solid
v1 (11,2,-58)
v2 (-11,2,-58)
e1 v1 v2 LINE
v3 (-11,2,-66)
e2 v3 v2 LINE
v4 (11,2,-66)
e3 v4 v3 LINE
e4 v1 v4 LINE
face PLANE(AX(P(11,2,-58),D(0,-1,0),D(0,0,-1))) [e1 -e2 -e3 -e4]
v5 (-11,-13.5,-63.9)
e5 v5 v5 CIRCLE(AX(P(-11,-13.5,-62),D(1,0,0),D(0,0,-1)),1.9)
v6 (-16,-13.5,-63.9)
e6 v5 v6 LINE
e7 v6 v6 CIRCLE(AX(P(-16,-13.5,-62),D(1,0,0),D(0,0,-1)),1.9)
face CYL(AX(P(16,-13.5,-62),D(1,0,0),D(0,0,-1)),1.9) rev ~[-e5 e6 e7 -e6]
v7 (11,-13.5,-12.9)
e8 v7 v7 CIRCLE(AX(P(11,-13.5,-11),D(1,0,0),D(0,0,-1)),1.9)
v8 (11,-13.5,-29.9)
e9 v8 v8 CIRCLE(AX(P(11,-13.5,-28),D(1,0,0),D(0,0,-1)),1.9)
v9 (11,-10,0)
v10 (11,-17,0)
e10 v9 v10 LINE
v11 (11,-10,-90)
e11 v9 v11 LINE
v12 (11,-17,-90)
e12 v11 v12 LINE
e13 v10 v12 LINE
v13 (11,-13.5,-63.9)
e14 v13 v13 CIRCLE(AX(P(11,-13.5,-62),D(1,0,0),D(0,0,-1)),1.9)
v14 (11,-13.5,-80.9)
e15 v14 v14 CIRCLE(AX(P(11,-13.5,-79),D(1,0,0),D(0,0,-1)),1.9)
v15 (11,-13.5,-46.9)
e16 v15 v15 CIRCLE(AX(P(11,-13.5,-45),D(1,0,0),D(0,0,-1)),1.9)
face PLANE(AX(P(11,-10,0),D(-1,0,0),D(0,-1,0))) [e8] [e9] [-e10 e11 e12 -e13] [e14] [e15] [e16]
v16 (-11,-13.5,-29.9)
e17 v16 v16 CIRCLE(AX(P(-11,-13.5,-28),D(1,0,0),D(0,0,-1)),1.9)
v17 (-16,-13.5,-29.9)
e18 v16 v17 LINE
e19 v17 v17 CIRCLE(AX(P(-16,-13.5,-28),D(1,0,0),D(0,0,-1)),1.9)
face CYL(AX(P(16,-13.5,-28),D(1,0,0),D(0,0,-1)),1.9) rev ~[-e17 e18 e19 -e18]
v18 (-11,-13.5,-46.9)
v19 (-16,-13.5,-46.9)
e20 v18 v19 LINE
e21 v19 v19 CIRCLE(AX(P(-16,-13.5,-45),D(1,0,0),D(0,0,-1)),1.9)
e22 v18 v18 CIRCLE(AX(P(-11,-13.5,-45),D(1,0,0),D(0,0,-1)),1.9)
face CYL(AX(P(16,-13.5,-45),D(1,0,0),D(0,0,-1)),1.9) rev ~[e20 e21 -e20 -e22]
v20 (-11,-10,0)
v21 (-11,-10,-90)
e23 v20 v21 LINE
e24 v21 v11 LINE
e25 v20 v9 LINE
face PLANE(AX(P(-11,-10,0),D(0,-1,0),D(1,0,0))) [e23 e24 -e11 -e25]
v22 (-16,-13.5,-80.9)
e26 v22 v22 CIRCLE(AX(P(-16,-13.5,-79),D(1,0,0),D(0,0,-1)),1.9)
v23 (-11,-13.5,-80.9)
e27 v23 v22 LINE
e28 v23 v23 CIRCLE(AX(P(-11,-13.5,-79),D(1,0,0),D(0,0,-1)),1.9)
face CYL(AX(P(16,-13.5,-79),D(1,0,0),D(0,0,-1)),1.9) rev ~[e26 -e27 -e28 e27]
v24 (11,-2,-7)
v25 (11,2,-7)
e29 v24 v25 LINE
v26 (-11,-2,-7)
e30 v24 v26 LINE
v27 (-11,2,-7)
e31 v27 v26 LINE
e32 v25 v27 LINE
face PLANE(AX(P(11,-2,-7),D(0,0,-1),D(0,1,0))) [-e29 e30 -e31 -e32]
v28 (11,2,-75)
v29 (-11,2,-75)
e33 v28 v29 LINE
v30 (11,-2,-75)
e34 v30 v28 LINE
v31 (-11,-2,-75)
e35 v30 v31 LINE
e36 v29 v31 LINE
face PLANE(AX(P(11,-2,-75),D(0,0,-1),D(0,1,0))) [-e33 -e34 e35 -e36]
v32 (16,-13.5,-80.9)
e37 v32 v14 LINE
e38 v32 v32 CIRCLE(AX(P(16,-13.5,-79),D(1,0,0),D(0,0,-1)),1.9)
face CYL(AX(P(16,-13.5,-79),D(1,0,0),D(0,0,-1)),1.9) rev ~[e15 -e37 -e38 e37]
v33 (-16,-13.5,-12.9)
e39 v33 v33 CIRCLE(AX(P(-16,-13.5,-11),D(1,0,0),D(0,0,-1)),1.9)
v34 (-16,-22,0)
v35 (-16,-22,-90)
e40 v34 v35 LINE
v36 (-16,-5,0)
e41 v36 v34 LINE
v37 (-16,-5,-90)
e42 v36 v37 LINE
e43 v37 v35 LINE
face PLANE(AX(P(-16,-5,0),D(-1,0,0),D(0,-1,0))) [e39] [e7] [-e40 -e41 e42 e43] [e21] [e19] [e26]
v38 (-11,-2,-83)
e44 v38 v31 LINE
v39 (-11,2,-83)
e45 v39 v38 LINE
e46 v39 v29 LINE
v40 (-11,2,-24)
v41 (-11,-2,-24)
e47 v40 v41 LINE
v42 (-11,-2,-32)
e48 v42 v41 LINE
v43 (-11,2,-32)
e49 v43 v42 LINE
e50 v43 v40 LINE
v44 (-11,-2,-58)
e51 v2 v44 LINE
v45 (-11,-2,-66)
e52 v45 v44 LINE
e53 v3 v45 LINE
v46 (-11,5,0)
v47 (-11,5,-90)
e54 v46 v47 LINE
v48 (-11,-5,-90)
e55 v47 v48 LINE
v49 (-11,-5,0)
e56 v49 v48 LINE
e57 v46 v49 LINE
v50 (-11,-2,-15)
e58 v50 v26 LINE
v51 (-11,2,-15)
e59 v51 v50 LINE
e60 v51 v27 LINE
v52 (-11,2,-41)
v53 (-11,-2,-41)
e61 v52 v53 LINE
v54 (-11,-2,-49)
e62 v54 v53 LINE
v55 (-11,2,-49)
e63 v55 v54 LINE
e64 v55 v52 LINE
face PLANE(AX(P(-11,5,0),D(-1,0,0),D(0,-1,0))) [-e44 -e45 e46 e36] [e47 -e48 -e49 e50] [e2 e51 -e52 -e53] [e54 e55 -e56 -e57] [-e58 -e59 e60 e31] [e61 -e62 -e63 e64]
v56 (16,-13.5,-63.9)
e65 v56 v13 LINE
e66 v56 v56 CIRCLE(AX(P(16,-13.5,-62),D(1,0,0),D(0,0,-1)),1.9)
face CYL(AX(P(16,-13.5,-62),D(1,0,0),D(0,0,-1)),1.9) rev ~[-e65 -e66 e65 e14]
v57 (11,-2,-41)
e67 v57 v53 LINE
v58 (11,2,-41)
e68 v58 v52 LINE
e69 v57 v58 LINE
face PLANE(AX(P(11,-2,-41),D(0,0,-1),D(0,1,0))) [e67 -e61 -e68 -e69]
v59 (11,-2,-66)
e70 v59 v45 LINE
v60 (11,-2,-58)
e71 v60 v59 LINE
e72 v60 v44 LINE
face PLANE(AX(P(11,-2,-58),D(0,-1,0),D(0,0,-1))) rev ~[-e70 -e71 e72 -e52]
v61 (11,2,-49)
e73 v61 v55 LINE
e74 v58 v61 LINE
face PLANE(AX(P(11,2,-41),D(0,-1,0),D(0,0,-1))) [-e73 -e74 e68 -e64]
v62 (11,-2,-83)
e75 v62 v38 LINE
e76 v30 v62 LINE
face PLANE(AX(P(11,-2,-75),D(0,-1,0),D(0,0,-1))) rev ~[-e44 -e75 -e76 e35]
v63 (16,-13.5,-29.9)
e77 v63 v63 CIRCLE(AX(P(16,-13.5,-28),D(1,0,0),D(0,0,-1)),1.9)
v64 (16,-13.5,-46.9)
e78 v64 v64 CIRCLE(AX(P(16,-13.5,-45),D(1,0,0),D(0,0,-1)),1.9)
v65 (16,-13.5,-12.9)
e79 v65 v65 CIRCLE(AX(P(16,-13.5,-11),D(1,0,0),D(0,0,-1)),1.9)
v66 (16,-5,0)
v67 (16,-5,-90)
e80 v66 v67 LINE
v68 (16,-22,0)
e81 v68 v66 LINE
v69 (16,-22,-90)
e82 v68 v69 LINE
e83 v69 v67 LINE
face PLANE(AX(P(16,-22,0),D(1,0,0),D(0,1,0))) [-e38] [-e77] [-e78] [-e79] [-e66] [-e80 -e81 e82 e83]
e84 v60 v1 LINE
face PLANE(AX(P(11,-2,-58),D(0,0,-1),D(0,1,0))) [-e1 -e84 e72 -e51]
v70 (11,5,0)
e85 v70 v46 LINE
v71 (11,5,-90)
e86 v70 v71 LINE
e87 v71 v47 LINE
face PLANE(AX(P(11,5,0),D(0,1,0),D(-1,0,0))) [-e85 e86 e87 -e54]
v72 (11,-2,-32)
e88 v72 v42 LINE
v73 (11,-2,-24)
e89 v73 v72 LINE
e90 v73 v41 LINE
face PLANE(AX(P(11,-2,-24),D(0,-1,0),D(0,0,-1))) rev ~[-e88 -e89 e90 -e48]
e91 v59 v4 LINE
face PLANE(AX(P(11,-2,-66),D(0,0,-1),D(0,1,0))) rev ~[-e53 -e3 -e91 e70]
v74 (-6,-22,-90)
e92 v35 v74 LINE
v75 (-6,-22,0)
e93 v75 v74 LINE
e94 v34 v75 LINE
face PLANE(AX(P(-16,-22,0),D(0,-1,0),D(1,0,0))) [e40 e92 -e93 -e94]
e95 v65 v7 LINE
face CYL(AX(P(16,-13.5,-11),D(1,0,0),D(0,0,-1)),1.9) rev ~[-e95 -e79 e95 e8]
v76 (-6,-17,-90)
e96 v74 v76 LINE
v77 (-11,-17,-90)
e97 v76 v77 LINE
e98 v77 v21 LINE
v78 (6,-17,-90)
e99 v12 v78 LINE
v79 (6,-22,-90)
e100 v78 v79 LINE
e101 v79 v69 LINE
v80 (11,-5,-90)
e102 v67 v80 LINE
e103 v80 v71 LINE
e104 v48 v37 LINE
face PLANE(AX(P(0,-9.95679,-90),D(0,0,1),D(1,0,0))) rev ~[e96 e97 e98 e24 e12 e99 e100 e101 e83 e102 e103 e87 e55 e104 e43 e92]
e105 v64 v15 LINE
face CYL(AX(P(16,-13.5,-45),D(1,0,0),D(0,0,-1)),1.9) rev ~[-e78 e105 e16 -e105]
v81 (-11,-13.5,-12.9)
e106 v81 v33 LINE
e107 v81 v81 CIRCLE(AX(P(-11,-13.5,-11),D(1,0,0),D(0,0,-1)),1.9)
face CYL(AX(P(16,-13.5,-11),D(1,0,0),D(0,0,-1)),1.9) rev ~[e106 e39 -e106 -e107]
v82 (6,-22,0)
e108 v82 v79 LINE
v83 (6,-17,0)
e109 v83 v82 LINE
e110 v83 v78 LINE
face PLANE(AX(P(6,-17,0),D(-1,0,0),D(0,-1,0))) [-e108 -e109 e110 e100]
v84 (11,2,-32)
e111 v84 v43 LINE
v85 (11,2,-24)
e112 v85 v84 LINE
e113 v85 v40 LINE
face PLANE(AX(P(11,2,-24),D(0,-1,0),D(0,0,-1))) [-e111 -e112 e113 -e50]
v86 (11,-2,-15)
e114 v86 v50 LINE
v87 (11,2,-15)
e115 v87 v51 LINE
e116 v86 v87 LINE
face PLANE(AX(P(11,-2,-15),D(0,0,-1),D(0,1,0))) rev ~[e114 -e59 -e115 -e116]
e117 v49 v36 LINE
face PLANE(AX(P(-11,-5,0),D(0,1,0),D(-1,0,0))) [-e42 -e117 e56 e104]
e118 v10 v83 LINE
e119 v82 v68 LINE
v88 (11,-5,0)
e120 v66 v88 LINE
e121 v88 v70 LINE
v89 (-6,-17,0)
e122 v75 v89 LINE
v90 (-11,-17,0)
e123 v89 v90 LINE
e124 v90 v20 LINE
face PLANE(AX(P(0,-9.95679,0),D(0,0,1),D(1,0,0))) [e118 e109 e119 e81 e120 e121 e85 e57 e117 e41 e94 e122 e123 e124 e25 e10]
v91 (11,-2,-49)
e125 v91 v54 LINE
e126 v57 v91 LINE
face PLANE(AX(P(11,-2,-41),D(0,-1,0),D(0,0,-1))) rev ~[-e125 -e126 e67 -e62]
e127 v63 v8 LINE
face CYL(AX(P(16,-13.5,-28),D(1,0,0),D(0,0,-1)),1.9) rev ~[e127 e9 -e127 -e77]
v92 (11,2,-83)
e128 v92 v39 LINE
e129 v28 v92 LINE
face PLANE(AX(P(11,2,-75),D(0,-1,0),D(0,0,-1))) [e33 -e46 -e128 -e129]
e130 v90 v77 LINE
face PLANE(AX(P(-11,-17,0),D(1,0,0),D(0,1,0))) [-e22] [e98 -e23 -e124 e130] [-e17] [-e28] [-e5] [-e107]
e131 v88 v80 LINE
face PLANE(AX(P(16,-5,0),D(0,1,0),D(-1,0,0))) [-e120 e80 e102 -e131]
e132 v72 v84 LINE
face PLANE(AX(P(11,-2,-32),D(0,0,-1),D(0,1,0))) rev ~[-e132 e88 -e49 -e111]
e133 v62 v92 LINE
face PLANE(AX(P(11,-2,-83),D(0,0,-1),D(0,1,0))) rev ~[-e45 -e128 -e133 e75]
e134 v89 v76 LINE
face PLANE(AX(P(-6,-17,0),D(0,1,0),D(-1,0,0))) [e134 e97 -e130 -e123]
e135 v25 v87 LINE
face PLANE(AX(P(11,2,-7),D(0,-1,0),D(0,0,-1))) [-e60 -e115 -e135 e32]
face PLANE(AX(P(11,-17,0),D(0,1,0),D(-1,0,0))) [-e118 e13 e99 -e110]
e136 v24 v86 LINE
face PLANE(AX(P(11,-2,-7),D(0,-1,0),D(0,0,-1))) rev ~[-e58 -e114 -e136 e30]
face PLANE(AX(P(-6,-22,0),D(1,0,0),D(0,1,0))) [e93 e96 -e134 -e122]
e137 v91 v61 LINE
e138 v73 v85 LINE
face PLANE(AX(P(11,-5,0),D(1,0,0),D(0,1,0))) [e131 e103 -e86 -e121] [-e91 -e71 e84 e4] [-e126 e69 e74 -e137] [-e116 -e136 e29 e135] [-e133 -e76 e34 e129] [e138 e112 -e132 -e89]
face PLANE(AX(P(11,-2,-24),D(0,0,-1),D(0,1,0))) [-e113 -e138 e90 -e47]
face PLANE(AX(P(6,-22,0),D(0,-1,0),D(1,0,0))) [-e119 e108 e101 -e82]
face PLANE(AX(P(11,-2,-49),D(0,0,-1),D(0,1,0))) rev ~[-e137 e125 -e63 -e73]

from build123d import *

# Parameters (mm, degrees)
BOSS_EXTRUDE1_DEPTH = 90
SKETCH2_R           = 1.9
CUT_EXTRUDE1_DEPTH  = 99.020406039
SKETCH3_W           = 8
SKETCH3_H           = 4
CUT_EXTRUDE2_DEPTH  = 97.503885932


with BuildPart() as part:
    # Sketch1 → Boss-Extrude1 (new body)
    with BuildSketch(Plane.XY):
        Polygon((11, 5), (-11, 5), (-11, -5), (-16, -5), (-16, -22), (-6, -22), (-6, -17), (-11, -17), (-11, -10), (11, -10), (11, -17), (6, -17), (6, -22), (16, -22), (16, -5), (11, -5), align=None)
    extrude(amount=-BOSS_EXTRUDE1_DEPTH)

    # Sketch2 → Cut-Extrude1 (cut, through all)
    with BuildSketch(Plane(origin=(16, 0, 0), x_dir=(0, 0, -1), z_dir=(1, 0, 0))):
        with Locations((45, -13.5)):
            Circle(SKETCH2_R)
        with Locations((62, -13.5)):
            Circle(SKETCH2_R)
        with Locations((79, -13.5)):
            Circle(SKETCH2_R)
        with Locations((28, -13.5)):
            Circle(SKETCH2_R)
        with Locations((11, -13.5)):
            Circle(SKETCH2_R)
    extrude(amount=-CUT_EXTRUDE1_DEPTH, mode=Mode.SUBTRACT)

    # Sketch3 → Cut-Extrude2 (cut, through all)
    with BuildSketch(Plane(origin=(11, 0, 0), x_dir=(0, 0, -1), z_dir=(1, 0, 0))):
        with Locations((62, 0)):
            Rectangle(SKETCH3_W, SKETCH3_H)
        with Locations((45, 0)):
            Rectangle(SKETCH3_W, SKETCH3_H)
        with Locations((79, 0)):
            Rectangle(SKETCH3_W, SKETCH3_H)
        with Locations((28, 0)):
            Rectangle(SKETCH3_W, SKETCH3_H)
        with Locations((11, 0)):
            Rectangle(SKETCH3_W, SKETCH3_H)
    extrude(amount=-CUT_EXTRUDE2_DEPTH, mode=Mode.SUBTRACT)


solid = part.part
